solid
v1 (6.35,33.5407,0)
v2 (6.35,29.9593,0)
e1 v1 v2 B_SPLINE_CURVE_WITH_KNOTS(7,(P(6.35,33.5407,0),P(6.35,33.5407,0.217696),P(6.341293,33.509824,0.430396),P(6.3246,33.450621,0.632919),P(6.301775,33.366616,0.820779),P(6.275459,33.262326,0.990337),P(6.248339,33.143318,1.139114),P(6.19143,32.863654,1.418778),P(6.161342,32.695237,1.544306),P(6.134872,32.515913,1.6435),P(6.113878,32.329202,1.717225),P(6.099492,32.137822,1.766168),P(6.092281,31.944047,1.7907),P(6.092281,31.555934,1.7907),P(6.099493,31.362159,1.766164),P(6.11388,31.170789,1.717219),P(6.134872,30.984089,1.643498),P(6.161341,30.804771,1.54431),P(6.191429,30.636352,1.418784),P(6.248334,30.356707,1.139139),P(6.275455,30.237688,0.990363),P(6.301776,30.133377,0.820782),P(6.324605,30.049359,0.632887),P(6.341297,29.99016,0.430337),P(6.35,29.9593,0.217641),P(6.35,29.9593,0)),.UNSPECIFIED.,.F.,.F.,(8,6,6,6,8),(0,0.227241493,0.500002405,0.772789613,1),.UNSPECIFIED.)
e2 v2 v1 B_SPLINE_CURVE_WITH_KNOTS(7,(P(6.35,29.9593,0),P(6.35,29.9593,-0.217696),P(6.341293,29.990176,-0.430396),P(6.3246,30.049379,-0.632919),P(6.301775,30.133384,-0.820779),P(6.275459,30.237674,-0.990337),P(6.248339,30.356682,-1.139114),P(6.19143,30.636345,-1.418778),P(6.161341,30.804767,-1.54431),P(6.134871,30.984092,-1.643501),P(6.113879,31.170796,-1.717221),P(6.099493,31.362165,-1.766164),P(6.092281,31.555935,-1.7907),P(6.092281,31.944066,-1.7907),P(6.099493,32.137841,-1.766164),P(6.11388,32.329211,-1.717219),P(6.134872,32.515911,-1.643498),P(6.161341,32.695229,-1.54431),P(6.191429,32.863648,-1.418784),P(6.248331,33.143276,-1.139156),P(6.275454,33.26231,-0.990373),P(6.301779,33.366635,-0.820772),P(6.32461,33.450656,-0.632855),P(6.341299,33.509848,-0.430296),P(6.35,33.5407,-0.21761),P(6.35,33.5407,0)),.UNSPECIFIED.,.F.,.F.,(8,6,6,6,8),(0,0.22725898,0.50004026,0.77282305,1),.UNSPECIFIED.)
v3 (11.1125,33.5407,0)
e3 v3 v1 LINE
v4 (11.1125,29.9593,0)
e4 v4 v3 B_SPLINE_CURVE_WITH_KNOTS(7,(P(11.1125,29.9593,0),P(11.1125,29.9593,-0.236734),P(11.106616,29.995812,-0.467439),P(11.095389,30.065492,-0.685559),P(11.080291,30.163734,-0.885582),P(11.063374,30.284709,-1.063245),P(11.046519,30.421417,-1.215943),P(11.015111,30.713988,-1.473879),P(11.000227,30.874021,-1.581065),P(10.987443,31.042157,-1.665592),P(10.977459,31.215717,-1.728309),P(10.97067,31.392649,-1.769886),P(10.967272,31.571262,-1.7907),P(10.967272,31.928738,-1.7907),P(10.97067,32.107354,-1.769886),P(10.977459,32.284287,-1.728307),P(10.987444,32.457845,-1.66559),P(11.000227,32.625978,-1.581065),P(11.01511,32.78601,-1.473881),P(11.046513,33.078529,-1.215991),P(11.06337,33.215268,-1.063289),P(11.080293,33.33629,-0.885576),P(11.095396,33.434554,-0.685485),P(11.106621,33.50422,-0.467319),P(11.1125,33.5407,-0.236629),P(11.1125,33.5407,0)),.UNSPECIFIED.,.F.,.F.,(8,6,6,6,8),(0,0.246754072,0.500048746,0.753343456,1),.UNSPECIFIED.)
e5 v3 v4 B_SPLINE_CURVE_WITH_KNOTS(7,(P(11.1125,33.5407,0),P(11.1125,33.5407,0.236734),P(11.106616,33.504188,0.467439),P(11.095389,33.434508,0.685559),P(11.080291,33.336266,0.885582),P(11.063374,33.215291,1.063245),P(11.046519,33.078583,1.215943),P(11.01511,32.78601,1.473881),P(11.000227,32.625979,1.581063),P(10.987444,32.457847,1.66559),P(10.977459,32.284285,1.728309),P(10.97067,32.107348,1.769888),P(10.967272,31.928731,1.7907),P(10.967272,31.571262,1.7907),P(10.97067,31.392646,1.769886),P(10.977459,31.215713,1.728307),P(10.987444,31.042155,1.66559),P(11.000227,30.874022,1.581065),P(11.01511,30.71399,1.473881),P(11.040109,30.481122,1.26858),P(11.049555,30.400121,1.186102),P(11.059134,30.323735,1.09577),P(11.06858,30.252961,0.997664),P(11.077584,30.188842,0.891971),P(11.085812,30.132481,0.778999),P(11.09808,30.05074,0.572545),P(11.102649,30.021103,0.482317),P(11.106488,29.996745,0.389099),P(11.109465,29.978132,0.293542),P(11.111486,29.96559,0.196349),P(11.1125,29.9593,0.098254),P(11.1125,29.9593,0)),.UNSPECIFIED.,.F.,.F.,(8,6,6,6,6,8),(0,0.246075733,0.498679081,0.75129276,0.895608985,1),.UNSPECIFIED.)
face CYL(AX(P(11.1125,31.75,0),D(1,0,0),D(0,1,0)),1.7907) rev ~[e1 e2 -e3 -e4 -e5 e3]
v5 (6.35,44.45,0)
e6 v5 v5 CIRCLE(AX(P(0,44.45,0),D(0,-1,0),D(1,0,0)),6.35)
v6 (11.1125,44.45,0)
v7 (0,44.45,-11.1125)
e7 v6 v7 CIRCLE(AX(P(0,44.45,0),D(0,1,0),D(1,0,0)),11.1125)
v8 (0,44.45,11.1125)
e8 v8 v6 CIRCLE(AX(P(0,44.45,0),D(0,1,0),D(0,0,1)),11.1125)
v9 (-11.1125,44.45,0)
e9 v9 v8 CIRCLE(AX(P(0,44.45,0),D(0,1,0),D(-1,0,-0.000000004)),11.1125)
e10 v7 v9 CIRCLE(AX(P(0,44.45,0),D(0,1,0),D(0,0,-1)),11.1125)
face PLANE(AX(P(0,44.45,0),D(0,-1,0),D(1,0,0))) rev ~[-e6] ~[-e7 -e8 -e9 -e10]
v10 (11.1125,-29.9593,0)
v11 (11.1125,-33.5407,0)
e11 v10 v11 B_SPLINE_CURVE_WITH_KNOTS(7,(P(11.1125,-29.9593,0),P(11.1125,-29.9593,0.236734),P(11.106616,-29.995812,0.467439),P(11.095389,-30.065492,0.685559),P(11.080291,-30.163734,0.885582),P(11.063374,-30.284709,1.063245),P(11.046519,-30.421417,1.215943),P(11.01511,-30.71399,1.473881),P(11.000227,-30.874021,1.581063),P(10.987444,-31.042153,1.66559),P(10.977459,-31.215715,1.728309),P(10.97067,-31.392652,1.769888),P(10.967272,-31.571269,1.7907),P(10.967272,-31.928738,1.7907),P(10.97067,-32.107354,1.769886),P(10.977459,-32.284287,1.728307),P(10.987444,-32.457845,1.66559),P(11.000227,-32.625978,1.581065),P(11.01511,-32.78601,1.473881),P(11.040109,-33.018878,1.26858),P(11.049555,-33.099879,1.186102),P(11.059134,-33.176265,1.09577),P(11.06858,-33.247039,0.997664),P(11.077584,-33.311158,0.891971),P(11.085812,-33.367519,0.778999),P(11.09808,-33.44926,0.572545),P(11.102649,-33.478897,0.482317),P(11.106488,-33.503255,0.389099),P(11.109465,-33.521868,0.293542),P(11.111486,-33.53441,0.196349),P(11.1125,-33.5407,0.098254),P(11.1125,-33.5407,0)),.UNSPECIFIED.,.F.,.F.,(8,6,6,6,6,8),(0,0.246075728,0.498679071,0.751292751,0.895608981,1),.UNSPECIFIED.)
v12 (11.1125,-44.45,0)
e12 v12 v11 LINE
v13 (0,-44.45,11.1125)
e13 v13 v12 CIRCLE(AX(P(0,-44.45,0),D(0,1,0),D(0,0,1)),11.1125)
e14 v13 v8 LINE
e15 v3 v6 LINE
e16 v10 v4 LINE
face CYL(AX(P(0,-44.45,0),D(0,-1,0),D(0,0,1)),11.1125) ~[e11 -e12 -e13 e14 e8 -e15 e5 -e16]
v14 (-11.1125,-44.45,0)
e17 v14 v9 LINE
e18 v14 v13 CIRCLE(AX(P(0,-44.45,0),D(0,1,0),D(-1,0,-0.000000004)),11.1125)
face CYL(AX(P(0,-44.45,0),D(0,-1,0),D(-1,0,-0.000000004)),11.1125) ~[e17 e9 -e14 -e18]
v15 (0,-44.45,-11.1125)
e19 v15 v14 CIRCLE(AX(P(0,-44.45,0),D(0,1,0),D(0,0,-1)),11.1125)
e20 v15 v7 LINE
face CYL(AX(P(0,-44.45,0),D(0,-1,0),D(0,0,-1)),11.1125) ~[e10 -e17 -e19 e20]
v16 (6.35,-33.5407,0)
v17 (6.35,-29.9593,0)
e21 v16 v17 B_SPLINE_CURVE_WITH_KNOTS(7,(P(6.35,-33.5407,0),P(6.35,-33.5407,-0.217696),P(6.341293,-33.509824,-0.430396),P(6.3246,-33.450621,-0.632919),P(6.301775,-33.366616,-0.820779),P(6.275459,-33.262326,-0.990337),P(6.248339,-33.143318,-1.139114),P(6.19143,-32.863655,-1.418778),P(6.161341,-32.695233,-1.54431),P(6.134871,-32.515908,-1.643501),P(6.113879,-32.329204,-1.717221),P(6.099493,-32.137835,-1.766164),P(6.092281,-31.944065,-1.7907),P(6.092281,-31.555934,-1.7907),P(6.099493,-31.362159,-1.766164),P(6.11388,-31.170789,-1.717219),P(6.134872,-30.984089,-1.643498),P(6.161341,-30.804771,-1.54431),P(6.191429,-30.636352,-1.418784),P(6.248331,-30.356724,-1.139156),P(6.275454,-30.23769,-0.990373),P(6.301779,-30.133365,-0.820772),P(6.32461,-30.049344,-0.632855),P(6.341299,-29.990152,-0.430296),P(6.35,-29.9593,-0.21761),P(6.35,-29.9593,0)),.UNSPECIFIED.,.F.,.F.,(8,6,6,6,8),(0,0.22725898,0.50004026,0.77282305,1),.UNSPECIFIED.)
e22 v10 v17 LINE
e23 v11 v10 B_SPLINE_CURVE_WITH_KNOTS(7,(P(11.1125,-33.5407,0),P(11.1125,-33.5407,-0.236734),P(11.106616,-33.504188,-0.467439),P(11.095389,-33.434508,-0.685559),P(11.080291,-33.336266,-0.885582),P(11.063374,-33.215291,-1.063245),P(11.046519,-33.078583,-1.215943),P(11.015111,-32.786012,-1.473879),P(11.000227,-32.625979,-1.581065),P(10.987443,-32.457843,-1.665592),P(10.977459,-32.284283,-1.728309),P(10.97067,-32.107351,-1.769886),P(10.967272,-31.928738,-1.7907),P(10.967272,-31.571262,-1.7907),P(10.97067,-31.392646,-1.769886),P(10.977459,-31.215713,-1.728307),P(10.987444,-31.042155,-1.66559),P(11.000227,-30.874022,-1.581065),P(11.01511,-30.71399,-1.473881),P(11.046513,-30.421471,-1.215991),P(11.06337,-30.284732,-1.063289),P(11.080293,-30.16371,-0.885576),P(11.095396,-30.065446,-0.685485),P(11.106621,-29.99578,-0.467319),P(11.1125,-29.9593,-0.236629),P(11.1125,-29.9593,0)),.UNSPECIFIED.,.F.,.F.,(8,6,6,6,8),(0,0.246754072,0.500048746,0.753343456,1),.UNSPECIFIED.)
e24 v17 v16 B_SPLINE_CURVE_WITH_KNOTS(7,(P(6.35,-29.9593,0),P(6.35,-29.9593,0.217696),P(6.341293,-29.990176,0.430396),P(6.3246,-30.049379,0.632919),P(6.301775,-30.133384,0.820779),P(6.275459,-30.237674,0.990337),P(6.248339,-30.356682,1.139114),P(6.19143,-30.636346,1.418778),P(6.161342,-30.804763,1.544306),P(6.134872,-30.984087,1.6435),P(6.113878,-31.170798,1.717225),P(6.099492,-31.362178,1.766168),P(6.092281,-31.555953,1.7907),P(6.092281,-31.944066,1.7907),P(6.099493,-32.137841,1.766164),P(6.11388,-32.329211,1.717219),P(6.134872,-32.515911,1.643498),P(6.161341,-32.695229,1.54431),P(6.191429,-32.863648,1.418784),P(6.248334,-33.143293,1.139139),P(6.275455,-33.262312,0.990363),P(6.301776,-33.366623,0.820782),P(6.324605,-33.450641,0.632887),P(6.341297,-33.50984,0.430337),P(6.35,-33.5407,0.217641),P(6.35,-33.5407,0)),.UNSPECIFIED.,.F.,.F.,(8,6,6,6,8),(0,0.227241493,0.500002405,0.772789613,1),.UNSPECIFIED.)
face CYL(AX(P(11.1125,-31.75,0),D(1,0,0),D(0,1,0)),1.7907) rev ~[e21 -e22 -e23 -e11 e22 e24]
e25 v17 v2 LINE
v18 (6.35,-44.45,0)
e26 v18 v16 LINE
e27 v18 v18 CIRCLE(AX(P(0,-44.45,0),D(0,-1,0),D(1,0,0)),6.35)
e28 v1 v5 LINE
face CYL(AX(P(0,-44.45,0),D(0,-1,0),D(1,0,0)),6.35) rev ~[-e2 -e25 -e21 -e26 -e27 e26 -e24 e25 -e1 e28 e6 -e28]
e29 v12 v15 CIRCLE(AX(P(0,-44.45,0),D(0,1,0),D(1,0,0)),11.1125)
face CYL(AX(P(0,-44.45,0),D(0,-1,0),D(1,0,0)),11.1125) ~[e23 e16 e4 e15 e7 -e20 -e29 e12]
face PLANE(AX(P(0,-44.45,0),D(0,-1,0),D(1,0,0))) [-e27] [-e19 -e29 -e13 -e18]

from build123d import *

# Parameters (mm, degrees)
F0_W     = 22.225
F0_H     = 22.225
F1_DEPTH = 44.45
F2_R     = 1.7907
F3_DEPTH = 10.16
F4_R     = 1.7907
F5_DEPTH = 10.16
F7_DEPTH = 88.9
F8_R     = 6.35
F9_DEPTH = 88.9


with BuildPart() as f1:
    # F0 (on Front) → F1 (new body, symmetric)
    with BuildSketch(Plane.XZ):
        Rectangle(F0_W, F0_H)
    extrude(amount=F1_DEPTH, both=True)

    # F2 (on face) → F3 (cut)
    with BuildSketch(Plane.YZ.offset(11.1125)):
        with Locations((31.75, 0)):
            Circle(F2_R)
    extrude(amount=-F3_DEPTH, mode=Mode.SUBTRACT)

    # F4 (on face) → F5 (cut)
    with BuildSketch(Plane.YZ.offset(11.1125)):
        with Locations((-31.75, 0)):
            Circle(F4_R)
    extrude(amount=-F5_DEPTH, mode=Mode.SUBTRACT)

    # F6 (on face) → F7 (cut)
    with BuildSketch(Plane.XZ.offset(44.45)):
        with BuildLine():
            ThreePointArc((-11.1125, -4.55e-08), (-7.857724122, 7.8577240898), (0, 11.1125))
            Line((0, 11.1125), (-9.5319095999, 11.1125))
            Line((-9.5319095999, 11.1125), (-11.1125, 11.1125))
            Line((-11.1125, 11.1125), (-11.1125, -4.55e-08))
        make_face()
        with BuildLine():
            ThreePointArc((0, 11.1125), (7.8577241059, 7.8577241059), (11.1125, 0))
            Line((11.1125, 0), (11.1125, 11.1125))
            Line((11.1125, 11.1125), (0, 11.1125))
        make_face()
        with BuildLine():
            Line((11.1125, -11.1125), (11.1125, 0))
            ThreePointArc((11.1125, 0), (7.8577241059, -7.8577241059), (0, -11.1125))
            Line((0, -11.1125), (11.1125, -11.1125))
        make_face()
        with BuildLine():
            Line((-11.1125, -11.1125), (0, -11.1125))
            ThreePointArc((0, -11.1125), (-7.8577240898, -7.857724122), (-11.1125, -4.55e-08))
            Line((-11.1125, -4.55e-08), (-11.1125, -11.1125))
        make_face()
    extrude(amount=-F7_DEPTH, mode=Mode.SUBTRACT)

    # F8 (on face) → F9 (cut)
    with BuildSketch(Plane.XZ.offset(44.45)):
        Circle(F8_R)
    extrude(amount=-F9_DEPTH, mode=Mode.SUBTRACT)


solid = f1.part
